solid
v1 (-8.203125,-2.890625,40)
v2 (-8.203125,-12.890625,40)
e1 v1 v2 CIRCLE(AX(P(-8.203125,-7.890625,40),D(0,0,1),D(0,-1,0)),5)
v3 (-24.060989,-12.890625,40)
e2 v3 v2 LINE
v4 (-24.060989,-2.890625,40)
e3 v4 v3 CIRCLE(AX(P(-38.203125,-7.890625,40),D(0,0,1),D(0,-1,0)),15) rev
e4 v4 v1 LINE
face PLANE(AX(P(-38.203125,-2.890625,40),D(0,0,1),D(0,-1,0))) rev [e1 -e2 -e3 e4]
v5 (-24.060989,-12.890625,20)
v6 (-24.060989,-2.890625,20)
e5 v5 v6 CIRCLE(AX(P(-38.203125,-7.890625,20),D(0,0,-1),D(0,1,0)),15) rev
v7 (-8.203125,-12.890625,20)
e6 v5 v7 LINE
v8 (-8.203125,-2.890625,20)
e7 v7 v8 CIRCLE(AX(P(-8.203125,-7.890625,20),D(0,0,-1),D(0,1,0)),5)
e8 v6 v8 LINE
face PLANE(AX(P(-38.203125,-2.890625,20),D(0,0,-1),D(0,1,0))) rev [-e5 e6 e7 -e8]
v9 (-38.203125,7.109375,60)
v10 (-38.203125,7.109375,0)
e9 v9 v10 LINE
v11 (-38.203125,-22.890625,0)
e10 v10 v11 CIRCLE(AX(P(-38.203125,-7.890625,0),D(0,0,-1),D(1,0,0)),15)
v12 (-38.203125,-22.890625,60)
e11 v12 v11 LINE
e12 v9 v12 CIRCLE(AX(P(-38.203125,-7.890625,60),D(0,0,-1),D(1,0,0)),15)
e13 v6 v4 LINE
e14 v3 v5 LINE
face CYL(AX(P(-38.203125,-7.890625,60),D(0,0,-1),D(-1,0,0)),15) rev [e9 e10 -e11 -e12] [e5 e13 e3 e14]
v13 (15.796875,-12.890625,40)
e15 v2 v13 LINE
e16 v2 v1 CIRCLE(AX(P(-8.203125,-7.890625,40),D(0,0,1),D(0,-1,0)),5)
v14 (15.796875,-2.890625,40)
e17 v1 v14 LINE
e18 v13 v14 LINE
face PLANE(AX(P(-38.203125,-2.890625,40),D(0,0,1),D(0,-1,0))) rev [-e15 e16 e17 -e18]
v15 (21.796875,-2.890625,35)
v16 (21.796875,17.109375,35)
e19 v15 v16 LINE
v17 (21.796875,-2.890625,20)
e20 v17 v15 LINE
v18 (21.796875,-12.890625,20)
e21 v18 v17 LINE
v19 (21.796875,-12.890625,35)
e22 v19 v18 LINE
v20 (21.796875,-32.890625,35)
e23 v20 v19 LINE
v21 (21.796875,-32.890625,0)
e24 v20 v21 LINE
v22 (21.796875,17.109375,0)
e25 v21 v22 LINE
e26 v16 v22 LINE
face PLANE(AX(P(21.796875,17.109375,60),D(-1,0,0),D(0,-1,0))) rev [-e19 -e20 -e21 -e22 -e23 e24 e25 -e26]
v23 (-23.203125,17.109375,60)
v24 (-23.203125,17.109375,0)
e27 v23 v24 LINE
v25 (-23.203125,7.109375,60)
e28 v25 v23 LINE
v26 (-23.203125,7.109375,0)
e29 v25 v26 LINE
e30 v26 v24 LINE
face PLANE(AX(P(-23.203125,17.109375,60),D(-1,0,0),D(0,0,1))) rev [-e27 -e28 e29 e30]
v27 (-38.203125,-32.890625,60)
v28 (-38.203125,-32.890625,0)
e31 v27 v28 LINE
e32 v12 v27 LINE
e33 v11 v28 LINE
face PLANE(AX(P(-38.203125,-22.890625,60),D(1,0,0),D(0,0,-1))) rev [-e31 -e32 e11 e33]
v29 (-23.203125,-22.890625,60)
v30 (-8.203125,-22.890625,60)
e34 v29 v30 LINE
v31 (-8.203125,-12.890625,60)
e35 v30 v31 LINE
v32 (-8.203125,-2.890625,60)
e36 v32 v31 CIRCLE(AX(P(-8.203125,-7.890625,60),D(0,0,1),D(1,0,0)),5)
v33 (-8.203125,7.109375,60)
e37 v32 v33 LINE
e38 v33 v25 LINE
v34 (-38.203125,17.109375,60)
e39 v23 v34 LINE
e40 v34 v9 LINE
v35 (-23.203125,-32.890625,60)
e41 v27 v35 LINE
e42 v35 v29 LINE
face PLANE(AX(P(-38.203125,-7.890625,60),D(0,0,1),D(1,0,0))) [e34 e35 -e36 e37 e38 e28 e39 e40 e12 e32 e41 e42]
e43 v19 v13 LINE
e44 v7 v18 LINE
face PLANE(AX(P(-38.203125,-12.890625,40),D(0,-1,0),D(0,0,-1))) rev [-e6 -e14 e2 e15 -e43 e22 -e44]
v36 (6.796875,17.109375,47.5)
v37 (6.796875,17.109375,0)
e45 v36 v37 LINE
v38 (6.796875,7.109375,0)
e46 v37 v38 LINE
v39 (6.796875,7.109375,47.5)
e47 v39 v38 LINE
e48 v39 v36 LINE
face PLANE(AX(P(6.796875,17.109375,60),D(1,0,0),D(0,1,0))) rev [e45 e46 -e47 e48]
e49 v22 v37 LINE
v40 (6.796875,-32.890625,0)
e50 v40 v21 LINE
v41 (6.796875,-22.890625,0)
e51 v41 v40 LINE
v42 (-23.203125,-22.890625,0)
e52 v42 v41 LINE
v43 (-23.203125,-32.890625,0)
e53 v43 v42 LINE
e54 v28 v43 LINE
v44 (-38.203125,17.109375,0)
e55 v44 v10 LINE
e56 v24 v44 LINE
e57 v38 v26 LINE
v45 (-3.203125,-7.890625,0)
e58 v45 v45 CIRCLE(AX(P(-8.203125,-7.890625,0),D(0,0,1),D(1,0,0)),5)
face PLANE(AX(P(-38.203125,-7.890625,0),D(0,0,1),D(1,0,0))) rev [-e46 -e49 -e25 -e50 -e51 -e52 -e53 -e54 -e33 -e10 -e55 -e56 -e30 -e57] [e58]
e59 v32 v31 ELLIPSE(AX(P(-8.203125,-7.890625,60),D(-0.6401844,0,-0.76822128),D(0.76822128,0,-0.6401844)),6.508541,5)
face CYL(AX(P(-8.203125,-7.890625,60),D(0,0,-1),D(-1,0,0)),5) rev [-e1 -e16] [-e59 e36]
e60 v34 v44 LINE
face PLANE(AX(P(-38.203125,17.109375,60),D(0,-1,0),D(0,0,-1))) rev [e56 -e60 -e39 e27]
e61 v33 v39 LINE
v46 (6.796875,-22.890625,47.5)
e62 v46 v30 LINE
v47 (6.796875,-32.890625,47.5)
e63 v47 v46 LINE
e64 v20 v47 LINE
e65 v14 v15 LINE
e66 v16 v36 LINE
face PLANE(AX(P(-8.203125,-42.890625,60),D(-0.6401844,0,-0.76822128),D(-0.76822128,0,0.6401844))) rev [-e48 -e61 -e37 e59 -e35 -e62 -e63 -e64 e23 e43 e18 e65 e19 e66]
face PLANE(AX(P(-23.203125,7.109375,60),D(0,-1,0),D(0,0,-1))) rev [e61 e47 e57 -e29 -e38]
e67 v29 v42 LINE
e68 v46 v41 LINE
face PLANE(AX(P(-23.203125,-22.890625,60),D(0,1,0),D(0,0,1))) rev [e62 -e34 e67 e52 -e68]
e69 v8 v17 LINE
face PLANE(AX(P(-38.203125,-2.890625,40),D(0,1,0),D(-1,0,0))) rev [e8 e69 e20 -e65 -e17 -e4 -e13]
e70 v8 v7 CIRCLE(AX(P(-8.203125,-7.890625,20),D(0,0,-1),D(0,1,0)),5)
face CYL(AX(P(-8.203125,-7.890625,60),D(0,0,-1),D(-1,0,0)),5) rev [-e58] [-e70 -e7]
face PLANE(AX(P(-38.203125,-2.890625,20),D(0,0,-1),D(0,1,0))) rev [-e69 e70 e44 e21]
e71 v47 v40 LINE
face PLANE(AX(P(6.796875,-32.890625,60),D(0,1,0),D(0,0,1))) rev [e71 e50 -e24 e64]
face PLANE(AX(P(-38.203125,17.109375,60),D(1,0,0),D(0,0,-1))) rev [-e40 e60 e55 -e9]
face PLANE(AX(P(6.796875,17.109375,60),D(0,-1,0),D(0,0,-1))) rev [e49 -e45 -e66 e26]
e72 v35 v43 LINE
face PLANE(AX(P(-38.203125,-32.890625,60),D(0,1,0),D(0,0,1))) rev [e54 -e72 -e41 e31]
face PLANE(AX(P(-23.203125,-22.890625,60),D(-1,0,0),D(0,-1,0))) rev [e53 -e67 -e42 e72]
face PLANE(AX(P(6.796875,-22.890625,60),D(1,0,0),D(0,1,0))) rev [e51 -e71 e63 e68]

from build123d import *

# Parameters (mm, degrees)
SKETCH1_R           = 5
BOSS_EXTRUDE1_DEPTH = 60
CUT_EXTRUDE3_DEPTH  = 60
SKETCH7_W           = 20
SKETCH7_H           = 10
CUT_EXTRUDE4_DEPTH  = 60


with BuildPart() as part:
    # Sketch1 → Boss-Extrude1 (new body)
    with BuildSketch(Plane.XY):
        with BuildLine():
            Line((-23.203125, -22.890625), (-23.203125, -32.890625))
            Line((-23.203125, -32.890625), (-38.203125, -32.890625))
            Line((-38.203125, -32.890625), (-38.203125, -22.890625))
            ThreePointArc((-38.203125, -22.890625), (-23.203125, -7.890625), (-38.203125, 7.109375))
            Line((-38.203125, 7.109375), (-38.203125, 17.109375))
            Line((-38.203125, 17.109375), (-23.203125, 17.109375))
            Line((-23.203125, 17.109375), (-23.203125, 7.109375))
            Line((-23.203125, 7.109375), (6.796875, 7.109375))
            Line((6.796875, 7.109375), (6.796875, 17.109375))
            Line((6.796875, 17.109375), (21.796875, 17.109375))
            Line((21.796875, 17.109375), (21.796875, -32.890625))
            Line((21.796875, -32.890625), (6.796875, -32.890625))
            Line((6.796875, -32.890625), (6.796875, -22.890625))
            Line((6.796875, -22.890625), (-23.203125, -22.890625))
        make_face()
        with Locations((-8.203125, -7.890625)):
            Circle(SKETCH1_R, mode=Mode.SUBTRACT)
    extrude(amount=BOSS_EXTRUDE1_DEPTH)

    # Sketch3 → Cut-Extrude3 (cut)
    with BuildSketch(Plane(origin=(0, 17.109375, 0), x_dir=(1, 0, 0), z_dir=(0, 1, 0))):
        Polygon((-8.203125, -60), (21.796875, -35), (21.796875, -60), align=None)
    extrude(amount=-CUT_EXTRUDE3_DEPTH, mode=Mode.SUBTRACT)

    # Sketch7 → Cut-Extrude4 (cut)
    with BuildSketch(Plane(origin=(21.796875, 0, 0), x_dir=(0, 0, -1), z_dir=(1, 0, 0))):
        with Locations((-30, -7.890625)):
            Rectangle(SKETCH7_W, SKETCH7_H)
    extrude(amount=-CUT_EXTRUDE4_DEPTH, mode=Mode.SUBTRACT)


solid = part.part
